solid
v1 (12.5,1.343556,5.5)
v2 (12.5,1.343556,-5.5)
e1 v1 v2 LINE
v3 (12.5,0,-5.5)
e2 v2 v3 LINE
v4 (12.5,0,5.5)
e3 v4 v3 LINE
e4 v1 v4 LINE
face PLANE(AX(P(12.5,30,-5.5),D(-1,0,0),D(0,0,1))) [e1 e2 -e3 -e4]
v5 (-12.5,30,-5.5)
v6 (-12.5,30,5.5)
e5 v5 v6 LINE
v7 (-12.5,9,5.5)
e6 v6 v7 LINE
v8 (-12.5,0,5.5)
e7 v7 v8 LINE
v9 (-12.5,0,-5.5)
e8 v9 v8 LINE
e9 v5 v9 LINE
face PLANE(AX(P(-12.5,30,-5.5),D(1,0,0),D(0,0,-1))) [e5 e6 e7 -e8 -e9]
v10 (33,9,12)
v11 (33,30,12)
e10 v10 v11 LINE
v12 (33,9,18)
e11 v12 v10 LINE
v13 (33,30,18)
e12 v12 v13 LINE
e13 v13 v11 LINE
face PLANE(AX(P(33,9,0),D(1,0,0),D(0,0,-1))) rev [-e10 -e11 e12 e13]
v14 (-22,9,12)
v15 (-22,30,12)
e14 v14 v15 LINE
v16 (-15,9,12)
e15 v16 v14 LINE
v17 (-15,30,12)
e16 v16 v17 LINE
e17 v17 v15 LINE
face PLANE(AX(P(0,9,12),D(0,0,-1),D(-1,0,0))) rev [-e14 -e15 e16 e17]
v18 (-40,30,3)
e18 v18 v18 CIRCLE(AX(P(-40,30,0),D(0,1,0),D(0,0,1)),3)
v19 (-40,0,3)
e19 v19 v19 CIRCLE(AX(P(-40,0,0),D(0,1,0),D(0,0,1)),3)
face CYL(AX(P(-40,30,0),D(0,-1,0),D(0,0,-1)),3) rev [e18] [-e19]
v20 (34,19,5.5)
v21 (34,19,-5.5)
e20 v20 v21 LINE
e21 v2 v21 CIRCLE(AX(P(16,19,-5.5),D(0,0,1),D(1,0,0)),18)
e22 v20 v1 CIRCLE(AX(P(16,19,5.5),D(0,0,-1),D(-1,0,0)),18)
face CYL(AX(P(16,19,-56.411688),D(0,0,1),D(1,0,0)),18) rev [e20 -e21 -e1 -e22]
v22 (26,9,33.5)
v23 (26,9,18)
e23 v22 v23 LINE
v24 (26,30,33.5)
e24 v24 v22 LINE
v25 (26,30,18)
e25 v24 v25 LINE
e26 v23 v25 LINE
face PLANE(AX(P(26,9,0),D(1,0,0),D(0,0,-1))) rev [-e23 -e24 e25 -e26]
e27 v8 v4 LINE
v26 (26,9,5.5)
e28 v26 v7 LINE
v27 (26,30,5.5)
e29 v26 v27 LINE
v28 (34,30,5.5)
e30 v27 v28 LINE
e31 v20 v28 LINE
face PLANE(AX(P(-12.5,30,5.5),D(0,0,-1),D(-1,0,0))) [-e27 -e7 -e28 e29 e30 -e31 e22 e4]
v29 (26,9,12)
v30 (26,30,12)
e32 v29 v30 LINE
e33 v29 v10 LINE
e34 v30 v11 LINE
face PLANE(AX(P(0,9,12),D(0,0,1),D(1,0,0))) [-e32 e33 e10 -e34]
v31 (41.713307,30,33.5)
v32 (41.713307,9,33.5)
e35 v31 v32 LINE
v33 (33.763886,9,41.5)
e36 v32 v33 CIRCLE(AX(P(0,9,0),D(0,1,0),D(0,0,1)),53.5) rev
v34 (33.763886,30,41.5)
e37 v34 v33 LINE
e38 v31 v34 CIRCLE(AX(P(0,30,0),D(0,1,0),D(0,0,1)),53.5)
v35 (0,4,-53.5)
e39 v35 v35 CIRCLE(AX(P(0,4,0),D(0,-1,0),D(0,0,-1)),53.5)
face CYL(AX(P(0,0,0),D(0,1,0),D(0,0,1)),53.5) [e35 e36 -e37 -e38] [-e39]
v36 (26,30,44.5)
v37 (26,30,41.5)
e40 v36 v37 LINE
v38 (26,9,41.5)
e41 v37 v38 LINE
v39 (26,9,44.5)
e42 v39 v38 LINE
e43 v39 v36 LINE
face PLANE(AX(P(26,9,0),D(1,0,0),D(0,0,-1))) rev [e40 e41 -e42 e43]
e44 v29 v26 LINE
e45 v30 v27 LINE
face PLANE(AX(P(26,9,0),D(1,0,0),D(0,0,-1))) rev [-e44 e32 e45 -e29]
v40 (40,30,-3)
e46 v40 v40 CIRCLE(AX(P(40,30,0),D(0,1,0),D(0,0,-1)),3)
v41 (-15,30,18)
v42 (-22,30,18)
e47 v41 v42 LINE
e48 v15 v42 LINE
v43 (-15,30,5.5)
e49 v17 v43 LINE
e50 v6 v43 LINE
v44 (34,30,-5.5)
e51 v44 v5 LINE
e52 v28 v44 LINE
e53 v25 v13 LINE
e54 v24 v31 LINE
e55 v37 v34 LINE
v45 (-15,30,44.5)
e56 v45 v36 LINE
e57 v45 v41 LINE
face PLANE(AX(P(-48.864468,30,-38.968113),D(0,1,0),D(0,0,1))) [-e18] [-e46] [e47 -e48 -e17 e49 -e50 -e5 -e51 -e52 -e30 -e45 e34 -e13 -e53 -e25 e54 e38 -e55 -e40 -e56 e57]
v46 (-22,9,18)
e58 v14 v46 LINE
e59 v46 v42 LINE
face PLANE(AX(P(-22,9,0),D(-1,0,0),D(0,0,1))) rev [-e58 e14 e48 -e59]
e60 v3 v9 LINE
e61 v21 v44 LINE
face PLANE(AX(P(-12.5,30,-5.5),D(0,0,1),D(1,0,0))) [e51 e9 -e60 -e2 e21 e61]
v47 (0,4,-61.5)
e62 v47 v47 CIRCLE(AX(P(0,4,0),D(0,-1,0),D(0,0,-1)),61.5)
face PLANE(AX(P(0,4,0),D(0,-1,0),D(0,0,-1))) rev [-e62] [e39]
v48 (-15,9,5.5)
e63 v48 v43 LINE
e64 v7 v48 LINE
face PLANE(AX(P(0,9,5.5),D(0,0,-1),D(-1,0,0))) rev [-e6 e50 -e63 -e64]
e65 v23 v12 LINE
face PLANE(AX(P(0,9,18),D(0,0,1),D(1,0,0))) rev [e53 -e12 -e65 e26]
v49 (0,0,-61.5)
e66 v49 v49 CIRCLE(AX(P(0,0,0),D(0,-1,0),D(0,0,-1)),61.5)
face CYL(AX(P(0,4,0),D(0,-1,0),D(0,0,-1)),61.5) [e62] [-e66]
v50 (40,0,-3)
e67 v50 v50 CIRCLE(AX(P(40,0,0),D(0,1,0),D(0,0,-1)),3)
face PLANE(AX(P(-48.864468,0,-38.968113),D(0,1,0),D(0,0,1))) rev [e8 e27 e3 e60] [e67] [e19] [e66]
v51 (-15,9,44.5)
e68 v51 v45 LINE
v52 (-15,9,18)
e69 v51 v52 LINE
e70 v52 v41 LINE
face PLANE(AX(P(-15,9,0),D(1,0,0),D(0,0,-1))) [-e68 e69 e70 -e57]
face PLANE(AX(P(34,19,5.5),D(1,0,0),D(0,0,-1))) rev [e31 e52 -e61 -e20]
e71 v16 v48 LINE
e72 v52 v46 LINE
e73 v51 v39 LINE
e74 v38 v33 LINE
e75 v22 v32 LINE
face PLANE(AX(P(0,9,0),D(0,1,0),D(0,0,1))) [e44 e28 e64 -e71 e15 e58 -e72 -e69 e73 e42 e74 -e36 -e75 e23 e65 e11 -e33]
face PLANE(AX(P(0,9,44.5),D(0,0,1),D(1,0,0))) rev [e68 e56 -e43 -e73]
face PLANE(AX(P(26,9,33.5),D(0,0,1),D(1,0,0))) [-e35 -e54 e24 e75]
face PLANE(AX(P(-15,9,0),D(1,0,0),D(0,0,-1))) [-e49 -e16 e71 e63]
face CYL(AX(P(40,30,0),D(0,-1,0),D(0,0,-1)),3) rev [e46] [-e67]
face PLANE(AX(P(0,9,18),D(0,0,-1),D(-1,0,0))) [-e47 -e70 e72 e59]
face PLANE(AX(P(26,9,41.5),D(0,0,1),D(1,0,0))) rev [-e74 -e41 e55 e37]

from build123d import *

# Parameters (mm, degrees)
ESQUISSE1_R             = 3
ESQUISSE1_W             = 25
ESQUISSE1_H             = 11
BOSS_EXTRU_1_DEPTH      = 30
ESQUISSE2_R             = 125
ESQUISSE2_R_2           = 53.5
ENL_V_MAT_EXTRU_1_DEPTH = 31
ESQUISSE8_R             = 61.5
ESQUISSE8_R_2           = 53.5
BOSS_EXTRU_2_DEPTH      = 4
ESQUISSE5_R             = 18
ENL_V_MAT_EXTRU_2_DEPTH = 11
ESQUISSE6_W             = 41
ESQUISSE6_H             = 39
ESQUISSE6_W_2           = 7
ESQUISSE6_H_2           = 6
ESQUISSE6_W_3           = 17
ESQUISSE6_H_3           = 8
ENL_V_MAT_EXTRU_3_DEPTH = 21
ESQUISSE7_W             = 36
ESQUISSE7_H             = 11
ENL_V_MAT_EXTRU_4_DEPTH = 11


with BuildPart() as part:
    # Esquisse1 → Boss.-Extru.1 (new body)
    with BuildSketch(Plane(origin=(0, 0, 0), x_dir=(1, 0, 0), z_dir=(0, 1, 0))):
        with BuildLine():
            ThreePointArc((68.106918153, 104.816256848), (54.23546739, 112.621108488), (39.484680574, 118.6))
            ThreePointArc((39.484680574, 118.6), (0, 85), (-39.484680574, 118.6))
            ThreePointArc((-39.484680574, 118.6), (-54.23546739, 112.621108488), (-68.106918153, 104.816256848))
            ThreePointArc((-68.106918153, 104.816256848), (-66.45567601, 52.996633158), (-117.343509488, 43.075524153))
            ThreePointArc((-117.343509488, 43.075524153), (-121.865989023, 27.815116745), (-124.412618383, 12.103734428))
            ThreePointArc((-124.412618383, 12.103734428), (-82.868872535, -18.914279386), (-106.840282387, -64.885699962))
            ThreePointArc((-106.840282387, -64.885699962), (-97.728935309, -77.936225232), (-87.033079415, -89.723146888))
            ThreePointArc((-87.033079415, -89.723146888), (-36.880117825, -76.582353772), (-15.884143503, -123.986668578))
            ThreePointArc((-15.884143503, -123.986668578), (0, -125), (15.884143503, -123.986668578))
            ThreePointArc((15.884143503, -123.986668578), (36.880117825, -76.582353772), (87.033079415, -89.723146888))
            ThreePointArc((87.033079415, -89.723146888), (97.728935309, -77.936225232), (106.840282387, -64.885699962))
            ThreePointArc((106.840282387, -64.885699962), (82.868872535, -18.914279386), (124.412618383, 12.103734428))
            ThreePointArc((124.412618383, 12.103734428), (121.865989023, 27.815116745), (117.343509488, 43.075524153))
            ThreePointArc((117.343509488, 43.075524153), (66.45567601, 52.996633158), (68.106918153, 104.816256848))
        make_face()
        with Locations((-40, 0)):
            Circle(ESQUISSE1_R, mode=Mode.SUBTRACT)
        with Locations((40, 0)):
            Circle(ESQUISSE1_R, mode=Mode.SUBTRACT)
        Rectangle(ESQUISSE1_W, ESQUISSE1_H, mode=Mode.SUBTRACT)
    extrude(amount=BOSS_EXTRU_1_DEPTH)

    # Esquisse2 → Enlèv. mat.-Extru.1 (cut, through all)
    with BuildSketch(Plane(origin=(0, 30, 0), x_dir=(1, 0, 0), z_dir=(0, 1, 0))):
        Circle(ESQUISSE2_R)
        Circle(ESQUISSE2_R_2, mode=Mode.SUBTRACT)
    extrude(amount=-ENL_V_MAT_EXTRU_1_DEPTH, mode=Mode.SUBTRACT)

    # Esquisse8 → Boss.-Extru.2 (add)
    with BuildSketch(Plane.XZ):
        Circle(ESQUISSE8_R)
        Circle(ESQUISSE8_R_2, mode=Mode.SUBTRACT)
    extrude(amount=-BOSS_EXTRU_2_DEPTH)

    # Esquisse5 → Enlèv. mat.-Extru.2 (cut)
    with BuildSketch(Plane(origin=(0, 0, 5.5), x_dir=(-1, 0, 0), z_dir=(0, 0, -1))):
        with Locations((-16, 19)):
            Circle(ESQUISSE5_R)
    extrude(amount=ENL_V_MAT_EXTRU_2_DEPTH, mode=Mode.SUBTRACT)

    # Esquisse6 → Enlèv. mat.-Extru.3 (cut)
    with BuildSketch(Plane(origin=(0, 30, 0), x_dir=(1, 0, 0), z_dir=(0, 1, 0))):
        with Locations((5.5, -25)):
            Rectangle(ESQUISSE6_W, ESQUISSE6_H)
        with Locations((-18.5, -15)):
            Rectangle(ESQUISSE6_W_2, ESQUISSE6_H_2)
        with Locations((29.5, -15)):
            Rectangle(ESQUISSE6_W_2, ESQUISSE6_H_2)
        with Locations((34.5, -37.5)):
            Rectangle(ESQUISSE6_W_3, ESQUISSE6_H_3)
    extrude(amount=-ENL_V_MAT_EXTRU_3_DEPTH, mode=Mode.SUBTRACT)

    # Esquisse7 → Enlèv. mat.-Extru.4 (cut)
    with BuildSketch(Plane(origin=(0, 30, 0), x_dir=(1, 0, 0), z_dir=(0, 1, 0))):
        with Locations((16, 0)):
            Rectangle(ESQUISSE7_W, ESQUISSE7_H)
    extrude(amount=-ENL_V_MAT_EXTRU_4_DEPTH, mode=Mode.SUBTRACT)


solid = part.part
